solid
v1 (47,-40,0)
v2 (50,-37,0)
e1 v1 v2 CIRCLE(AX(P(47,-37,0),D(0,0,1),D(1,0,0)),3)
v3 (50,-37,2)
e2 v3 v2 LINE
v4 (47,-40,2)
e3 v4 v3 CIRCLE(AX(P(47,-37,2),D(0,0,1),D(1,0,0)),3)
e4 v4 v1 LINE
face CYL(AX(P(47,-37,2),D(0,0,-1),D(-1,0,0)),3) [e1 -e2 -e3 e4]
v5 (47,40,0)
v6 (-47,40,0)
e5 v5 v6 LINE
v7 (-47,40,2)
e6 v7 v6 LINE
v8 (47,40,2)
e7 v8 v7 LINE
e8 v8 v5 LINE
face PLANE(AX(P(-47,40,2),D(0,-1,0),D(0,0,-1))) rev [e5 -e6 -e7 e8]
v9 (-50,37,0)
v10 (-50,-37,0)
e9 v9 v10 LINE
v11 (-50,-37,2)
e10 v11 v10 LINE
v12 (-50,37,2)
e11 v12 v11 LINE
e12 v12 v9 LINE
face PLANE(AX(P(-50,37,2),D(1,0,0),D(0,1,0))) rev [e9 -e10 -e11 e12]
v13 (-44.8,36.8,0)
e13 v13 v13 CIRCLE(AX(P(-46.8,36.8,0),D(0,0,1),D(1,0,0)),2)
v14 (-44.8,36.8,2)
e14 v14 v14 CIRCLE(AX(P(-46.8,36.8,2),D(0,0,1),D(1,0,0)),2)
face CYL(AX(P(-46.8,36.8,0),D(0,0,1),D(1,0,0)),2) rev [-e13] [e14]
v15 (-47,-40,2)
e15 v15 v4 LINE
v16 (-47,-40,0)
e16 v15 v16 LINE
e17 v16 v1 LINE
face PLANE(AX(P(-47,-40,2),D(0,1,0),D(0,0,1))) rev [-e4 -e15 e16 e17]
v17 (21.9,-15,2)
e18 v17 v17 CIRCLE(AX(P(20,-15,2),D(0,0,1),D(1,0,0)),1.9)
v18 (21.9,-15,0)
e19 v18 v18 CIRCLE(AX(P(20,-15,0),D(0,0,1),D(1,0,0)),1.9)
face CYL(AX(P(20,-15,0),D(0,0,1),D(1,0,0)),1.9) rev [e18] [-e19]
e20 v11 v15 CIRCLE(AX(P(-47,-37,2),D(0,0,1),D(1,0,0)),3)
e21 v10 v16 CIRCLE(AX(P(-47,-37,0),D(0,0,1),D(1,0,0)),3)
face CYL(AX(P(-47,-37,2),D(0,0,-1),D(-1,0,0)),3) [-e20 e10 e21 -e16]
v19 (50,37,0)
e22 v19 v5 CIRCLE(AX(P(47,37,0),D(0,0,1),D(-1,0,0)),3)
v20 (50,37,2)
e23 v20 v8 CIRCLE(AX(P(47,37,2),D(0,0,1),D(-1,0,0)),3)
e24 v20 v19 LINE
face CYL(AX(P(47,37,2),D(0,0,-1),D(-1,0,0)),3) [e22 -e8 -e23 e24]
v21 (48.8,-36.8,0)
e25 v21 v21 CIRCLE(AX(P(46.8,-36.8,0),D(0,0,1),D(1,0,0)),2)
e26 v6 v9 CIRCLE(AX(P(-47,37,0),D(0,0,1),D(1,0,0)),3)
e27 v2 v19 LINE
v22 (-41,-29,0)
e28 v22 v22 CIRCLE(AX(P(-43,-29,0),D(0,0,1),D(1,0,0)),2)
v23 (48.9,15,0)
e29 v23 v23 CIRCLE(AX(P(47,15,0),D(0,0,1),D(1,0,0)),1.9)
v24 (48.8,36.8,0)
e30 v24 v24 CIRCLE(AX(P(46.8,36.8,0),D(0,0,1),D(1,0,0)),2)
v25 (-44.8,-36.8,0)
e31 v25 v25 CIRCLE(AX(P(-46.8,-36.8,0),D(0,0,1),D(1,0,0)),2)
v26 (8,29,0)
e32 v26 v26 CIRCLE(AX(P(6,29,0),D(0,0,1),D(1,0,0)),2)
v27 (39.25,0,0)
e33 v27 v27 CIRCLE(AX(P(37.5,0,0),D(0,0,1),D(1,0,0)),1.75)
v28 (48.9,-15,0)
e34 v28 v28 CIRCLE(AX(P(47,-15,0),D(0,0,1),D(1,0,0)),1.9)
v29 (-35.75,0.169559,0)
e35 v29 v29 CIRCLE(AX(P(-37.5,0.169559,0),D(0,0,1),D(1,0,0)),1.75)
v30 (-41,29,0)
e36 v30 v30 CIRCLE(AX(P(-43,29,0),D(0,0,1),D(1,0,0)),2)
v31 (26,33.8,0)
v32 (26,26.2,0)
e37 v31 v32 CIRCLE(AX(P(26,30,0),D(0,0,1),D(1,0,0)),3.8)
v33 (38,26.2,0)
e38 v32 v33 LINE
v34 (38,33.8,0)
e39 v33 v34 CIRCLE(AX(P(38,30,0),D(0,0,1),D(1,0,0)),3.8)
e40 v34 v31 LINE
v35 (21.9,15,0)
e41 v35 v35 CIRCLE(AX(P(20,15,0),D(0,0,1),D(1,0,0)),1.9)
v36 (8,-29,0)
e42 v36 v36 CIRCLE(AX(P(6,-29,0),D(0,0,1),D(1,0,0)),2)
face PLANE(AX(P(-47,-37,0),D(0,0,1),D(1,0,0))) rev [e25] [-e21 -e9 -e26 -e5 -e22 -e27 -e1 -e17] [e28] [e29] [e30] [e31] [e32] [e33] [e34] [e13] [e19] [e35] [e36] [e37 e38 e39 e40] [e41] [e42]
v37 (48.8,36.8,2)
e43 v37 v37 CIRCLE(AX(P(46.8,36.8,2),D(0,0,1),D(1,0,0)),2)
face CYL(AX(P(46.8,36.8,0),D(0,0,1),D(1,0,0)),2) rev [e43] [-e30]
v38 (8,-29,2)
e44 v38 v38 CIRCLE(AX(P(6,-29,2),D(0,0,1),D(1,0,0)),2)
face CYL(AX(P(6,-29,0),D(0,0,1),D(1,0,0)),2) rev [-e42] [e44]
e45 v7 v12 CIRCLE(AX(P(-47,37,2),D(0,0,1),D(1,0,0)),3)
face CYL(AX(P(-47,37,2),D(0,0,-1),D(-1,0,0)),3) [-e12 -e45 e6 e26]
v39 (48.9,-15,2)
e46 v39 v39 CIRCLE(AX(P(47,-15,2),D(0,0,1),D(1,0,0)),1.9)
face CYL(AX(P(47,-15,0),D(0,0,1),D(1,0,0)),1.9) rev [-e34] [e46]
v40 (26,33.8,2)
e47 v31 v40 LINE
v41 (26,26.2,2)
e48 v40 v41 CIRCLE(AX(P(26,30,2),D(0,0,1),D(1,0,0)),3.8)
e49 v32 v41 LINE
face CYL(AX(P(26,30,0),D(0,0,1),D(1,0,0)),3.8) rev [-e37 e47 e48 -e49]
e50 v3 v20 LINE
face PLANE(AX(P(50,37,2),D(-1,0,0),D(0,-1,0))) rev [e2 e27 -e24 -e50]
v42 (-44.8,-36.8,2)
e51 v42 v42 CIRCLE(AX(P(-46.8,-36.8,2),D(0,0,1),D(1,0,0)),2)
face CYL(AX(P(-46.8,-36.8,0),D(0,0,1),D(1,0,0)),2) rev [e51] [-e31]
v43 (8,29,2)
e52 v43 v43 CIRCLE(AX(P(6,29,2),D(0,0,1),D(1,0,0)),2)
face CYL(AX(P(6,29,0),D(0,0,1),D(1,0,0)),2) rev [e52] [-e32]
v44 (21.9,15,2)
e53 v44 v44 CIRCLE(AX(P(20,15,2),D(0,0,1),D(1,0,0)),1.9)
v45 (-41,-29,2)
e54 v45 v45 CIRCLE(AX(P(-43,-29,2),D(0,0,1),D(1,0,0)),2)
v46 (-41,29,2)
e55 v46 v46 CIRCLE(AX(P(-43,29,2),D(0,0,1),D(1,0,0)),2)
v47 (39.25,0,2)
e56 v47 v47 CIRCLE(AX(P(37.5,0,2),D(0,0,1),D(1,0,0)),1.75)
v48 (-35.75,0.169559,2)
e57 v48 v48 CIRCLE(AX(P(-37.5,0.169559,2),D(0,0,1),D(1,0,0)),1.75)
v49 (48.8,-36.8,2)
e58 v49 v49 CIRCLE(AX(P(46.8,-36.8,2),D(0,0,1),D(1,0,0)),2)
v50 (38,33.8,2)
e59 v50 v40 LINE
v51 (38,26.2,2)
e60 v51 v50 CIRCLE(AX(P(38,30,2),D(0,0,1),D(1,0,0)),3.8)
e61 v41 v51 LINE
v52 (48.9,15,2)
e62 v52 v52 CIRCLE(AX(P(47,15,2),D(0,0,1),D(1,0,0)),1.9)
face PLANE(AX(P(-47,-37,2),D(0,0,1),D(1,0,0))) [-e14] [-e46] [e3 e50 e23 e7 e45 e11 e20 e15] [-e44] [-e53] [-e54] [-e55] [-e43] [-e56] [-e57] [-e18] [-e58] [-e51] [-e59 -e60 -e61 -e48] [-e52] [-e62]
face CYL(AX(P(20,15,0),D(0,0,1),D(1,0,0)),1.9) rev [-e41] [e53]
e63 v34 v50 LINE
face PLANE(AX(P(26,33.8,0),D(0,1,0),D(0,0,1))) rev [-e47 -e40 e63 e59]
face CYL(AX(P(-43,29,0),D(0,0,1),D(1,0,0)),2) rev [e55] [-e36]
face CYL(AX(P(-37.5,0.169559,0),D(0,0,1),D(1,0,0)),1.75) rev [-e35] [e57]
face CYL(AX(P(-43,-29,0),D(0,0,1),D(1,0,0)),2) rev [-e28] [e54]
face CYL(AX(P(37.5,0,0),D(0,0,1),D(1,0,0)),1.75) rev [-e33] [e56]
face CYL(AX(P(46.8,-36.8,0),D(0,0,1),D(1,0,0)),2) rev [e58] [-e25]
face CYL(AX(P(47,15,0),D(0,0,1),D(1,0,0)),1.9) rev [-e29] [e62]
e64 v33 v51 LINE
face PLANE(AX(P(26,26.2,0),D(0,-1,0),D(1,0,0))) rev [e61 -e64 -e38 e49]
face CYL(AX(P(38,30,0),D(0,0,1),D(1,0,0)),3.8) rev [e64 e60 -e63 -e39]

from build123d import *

# Parameters (mm, degrees)
EXTRUDE_1_DEPTH     = 2
SKETCH_2_R          = 2
SKETCH_2_R_2        = 1.9
CUT_EXTRUDE_1_DEPTH = 3
CUT_EXTRUDE_2_DEPTH = 3
SKETCH_4_R          = 1.75
CUT_EXTRUDE_3_DEPTH = 3


with BuildPart() as part:
    # 草图1 → 凸台-拉伸1 (new body)
    with BuildSketch(Plane.XY):
        with BuildLine():
            Line((-47, 40), (47, 40))
            ThreePointArc((47, 40), (49.121320344, 39.121320344), (50, 37))
            Line((50, 37), (50, -37))
            ThreePointArc((50, -37), (49.121320344, -39.121320344), (47, -40))
            Line((47, -40), (-47, -40))
            ThreePointArc((-47, -40), (-49.121320344, -39.121320344), (-50, -37))
            Line((-50, -37), (-50, 37))
            ThreePointArc((-50, 37), (-49.121320344, 39.121320344), (-47, 40))
        make_face()
    extrude(amount=EXTRUDE_1_DEPTH)

    # 草图2 → 切除-拉伸1 (cut, through all)
    with BuildSketch(Plane.XY.offset(2)):
        with Locations((-46.8, 36.8)):
            Circle(SKETCH_2_R)
        with Locations((46.8, 36.8)):
            Circle(SKETCH_2_R)
        with Locations((46.8, -36.8)):
            Circle(SKETCH_2_R)
        with Locations((-46.8, -36.8)):
            Circle(SKETCH_2_R)
        with Locations((-43, 29)):
            Circle(SKETCH_2_R)
        with Locations((6, 29)):
            Circle(SKETCH_2_R)
        with Locations((6, -29)):
            Circle(SKETCH_2_R)
        with Locations((-43, -29)):
            Circle(SKETCH_2_R)
        with Locations((47, -15)):
            Circle(SKETCH_2_R_2)
        with Locations((20, 15)):
            Circle(SKETCH_2_R_2)
        with Locations((20, -15)):
            Circle(SKETCH_2_R_2)
        with Locations((47, 15)):
            Circle(SKETCH_2_R_2)
    extrude(amount=-CUT_EXTRUDE_1_DEPTH, mode=Mode.SUBTRACT)

    # 草图3 → 切除-拉伸2 (cut, through all)
    with BuildSketch(Plane.XY.offset(2)):
        with BuildLine():
            Line((26, 33.8), (38, 33.8))
            ThreePointArc((38, 33.8), (41.8, 30), (38, 26.2))
            Line((38, 26.2), (26, 26.2))
            ThreePointArc((26, 26.2), (22.2, 30), (26, 33.8))
        make_face()
    extrude(amount=-CUT_EXTRUDE_2_DEPTH, mode=Mode.SUBTRACT)

    # 草图4 → 切除-拉伸3 (cut, through all)
    with BuildSketch(Plane.XY.offset(2)):
        with Locations((-37.5, 0.169558906)):
            Circle(SKETCH_4_R)
        with Locations((37.5, 0)):
            Circle(SKETCH_4_R)
    extrude(amount=-CUT_EXTRUDE_3_DEPTH, mode=Mode.SUBTRACT)


solid = part.part
